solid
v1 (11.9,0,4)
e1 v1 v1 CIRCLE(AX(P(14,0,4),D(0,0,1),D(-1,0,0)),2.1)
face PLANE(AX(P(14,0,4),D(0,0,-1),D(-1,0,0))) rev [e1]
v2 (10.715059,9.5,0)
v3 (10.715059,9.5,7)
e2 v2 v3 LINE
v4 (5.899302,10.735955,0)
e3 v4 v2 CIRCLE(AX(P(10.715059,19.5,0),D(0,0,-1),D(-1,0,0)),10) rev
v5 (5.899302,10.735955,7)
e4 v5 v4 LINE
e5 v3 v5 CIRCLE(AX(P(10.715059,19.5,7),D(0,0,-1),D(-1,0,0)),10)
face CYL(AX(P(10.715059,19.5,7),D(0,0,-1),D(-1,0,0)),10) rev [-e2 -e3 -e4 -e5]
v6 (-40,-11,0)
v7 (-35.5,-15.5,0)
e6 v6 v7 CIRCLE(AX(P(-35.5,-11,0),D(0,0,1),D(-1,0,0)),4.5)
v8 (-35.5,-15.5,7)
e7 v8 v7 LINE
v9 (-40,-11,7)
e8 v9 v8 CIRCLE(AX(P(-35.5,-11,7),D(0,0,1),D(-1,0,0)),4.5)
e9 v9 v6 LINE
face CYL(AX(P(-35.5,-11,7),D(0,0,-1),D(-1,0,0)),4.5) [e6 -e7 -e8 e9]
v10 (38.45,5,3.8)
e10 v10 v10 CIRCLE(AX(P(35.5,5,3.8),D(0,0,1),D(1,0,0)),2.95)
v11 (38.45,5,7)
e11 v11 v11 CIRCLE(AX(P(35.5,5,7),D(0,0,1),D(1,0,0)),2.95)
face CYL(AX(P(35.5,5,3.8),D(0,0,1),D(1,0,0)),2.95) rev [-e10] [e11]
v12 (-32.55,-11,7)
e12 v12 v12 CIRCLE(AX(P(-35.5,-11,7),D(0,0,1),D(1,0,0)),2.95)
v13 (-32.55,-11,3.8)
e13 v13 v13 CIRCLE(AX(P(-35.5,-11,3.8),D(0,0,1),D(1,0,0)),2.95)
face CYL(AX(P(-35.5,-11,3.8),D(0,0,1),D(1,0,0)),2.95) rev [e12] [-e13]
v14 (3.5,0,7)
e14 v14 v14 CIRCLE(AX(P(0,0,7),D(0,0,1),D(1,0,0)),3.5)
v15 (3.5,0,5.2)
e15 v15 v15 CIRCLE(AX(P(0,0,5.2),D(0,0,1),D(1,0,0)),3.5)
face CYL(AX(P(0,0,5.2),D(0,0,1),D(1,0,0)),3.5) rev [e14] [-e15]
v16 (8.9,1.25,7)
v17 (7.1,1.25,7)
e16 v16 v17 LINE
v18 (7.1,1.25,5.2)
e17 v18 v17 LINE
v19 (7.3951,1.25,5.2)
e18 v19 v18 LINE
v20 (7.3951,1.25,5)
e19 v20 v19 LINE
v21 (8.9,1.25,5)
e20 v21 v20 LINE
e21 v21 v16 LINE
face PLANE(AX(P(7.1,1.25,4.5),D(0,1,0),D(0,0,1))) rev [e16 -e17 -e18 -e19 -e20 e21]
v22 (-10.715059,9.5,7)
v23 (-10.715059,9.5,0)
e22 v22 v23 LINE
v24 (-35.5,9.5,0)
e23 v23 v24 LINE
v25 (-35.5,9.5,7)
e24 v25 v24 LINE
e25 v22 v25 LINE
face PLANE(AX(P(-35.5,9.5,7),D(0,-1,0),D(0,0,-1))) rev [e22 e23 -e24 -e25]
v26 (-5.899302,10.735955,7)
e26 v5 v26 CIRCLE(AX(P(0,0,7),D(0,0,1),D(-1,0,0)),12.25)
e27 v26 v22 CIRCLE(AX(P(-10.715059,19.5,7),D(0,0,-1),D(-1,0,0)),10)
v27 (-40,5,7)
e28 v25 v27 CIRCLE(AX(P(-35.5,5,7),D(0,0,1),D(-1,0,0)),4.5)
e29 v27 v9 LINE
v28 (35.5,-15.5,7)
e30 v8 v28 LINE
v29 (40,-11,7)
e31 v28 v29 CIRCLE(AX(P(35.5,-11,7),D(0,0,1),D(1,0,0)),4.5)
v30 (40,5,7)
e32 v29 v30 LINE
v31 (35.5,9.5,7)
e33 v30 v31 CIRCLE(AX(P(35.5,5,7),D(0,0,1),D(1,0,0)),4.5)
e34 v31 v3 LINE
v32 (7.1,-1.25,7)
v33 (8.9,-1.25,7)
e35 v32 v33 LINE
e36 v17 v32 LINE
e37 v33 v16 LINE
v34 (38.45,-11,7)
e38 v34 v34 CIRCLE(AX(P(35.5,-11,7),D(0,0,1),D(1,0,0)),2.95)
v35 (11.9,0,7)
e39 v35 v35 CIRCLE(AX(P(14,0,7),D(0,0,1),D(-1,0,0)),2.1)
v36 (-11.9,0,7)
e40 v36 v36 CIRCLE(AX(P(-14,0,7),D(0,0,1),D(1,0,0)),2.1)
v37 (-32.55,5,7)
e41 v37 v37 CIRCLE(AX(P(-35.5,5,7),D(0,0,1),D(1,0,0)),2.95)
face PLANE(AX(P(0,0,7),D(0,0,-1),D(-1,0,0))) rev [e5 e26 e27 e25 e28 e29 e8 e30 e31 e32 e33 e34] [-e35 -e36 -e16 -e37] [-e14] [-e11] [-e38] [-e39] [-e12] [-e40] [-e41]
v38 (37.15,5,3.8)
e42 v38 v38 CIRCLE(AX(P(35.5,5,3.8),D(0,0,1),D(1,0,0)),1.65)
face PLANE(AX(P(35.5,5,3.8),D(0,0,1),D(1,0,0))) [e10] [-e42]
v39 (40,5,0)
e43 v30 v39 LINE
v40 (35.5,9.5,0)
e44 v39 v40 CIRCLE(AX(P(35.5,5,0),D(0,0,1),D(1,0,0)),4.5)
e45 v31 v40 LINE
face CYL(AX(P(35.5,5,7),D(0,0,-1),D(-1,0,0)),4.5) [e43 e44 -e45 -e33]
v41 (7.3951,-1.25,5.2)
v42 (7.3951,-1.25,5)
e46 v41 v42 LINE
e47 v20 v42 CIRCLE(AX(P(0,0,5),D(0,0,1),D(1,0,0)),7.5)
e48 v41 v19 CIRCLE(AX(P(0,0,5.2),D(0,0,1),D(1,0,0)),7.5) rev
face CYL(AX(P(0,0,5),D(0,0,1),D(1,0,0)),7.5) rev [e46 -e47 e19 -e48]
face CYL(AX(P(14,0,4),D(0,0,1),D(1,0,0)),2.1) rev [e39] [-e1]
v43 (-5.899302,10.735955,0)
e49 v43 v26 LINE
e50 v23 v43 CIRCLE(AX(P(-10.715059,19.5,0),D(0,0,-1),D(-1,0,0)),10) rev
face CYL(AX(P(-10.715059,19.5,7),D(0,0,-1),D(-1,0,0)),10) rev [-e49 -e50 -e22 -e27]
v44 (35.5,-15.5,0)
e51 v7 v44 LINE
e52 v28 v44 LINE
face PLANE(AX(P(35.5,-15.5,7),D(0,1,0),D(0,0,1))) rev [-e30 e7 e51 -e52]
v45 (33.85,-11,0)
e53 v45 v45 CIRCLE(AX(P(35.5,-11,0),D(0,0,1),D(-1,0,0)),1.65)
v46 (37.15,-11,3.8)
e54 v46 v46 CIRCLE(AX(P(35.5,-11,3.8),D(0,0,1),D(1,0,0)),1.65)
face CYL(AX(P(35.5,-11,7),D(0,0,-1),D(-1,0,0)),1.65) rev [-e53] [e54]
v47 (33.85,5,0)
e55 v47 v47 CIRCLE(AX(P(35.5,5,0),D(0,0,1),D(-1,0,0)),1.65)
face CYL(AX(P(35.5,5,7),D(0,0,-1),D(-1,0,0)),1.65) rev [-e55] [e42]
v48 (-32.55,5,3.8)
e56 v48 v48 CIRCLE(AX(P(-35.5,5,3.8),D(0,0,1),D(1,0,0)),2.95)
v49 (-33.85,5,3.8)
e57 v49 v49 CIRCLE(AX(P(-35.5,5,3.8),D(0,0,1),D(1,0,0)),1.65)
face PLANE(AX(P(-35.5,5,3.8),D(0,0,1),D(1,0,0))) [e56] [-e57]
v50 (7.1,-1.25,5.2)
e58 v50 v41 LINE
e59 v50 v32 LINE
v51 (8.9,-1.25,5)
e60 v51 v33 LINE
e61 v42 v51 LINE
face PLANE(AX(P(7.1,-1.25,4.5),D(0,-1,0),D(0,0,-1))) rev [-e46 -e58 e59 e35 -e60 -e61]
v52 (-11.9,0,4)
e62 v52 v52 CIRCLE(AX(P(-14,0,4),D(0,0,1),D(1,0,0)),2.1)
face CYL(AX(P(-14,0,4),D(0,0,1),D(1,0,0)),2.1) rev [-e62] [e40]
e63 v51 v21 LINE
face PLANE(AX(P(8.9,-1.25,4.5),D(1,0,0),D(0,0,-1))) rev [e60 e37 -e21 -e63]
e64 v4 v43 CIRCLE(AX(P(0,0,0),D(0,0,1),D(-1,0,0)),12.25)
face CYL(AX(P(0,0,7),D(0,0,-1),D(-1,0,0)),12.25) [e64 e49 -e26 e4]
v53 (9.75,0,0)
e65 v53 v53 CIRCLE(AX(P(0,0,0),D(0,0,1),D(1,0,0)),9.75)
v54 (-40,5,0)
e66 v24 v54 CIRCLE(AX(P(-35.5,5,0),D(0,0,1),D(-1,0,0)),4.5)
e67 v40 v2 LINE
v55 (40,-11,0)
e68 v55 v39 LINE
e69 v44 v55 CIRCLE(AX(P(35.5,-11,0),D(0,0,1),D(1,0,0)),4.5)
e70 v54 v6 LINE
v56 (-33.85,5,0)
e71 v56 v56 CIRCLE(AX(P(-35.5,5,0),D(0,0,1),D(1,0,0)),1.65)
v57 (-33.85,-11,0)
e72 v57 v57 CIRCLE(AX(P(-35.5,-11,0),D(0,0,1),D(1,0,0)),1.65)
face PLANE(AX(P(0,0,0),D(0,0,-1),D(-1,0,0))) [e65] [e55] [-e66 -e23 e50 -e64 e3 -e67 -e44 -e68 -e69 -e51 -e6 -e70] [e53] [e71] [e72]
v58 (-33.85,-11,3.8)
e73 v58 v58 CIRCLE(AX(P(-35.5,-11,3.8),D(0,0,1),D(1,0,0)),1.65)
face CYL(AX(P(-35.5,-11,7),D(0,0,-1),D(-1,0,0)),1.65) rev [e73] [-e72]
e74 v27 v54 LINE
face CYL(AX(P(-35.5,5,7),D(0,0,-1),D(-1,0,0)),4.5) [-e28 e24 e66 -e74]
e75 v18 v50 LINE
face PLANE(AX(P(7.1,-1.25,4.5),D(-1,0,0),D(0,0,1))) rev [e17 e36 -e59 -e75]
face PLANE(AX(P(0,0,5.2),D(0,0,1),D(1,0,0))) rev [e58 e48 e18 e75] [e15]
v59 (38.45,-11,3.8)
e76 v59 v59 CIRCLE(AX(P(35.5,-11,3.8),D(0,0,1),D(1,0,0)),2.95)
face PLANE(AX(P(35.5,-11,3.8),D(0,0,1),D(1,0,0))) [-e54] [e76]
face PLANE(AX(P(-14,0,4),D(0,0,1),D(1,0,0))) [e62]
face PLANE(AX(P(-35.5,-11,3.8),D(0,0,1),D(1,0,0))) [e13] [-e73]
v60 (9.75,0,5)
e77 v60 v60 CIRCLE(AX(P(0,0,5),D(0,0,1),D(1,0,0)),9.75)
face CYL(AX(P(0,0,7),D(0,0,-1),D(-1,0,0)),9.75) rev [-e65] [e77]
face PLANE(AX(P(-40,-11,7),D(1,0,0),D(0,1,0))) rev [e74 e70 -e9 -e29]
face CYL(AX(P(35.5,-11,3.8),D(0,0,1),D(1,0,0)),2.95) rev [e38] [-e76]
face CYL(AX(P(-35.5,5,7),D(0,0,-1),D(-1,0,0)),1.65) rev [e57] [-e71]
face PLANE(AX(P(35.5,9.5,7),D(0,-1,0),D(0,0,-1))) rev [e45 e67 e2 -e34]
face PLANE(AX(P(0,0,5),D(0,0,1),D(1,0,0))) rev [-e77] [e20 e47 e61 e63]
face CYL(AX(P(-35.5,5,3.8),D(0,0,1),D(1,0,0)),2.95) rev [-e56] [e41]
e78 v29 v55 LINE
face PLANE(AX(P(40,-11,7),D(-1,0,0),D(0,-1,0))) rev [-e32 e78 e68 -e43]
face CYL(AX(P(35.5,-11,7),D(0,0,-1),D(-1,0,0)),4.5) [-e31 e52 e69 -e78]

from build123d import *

# Parameters (mm, degrees)
SKETCH1_R           = 9.75
SKETCH1_R_2         = 1.65
BOSS_EXTRUDE1_DEPTH = 7
FILLET1_R           = 10
SKETCH2_R           = 9.75
SKETCH2_R_2         = 7.5
BOSS_EXTRUDE2_DEPTH = 2
SKETCH3_R           = 7.5
SKETCH3_R_2         = 3.5
BOSS_EXTRUDE3_DEPTH = 1.8
SKETCH4_W           = 1.8
SKETCH4_H           = 2.5
CUT_EXTRUDE1_DEPTH  = 2.5
SKETCH5_R           = 2.1
CUT_EXTRUDE2_DEPTH  = 3
SKETCH6_R           = 2.95
CUT_EXTRUDE3_DEPTH  = 3.2


with BuildPart() as part:
    # Sketch1 → Boss-Extrude1 (new body)
    with BuildSketch(Plane.XY):
        with BuildLine():
            Line((-35.5, 9.5), (-7.733854149, 9.5))
            ThreePointArc((-7.733854149, 9.5), (0, 12.25), (7.733854149, 9.5))
            Line((7.733854149, 9.5), (35.5, 9.5))
            ThreePointArc((35.5, 9.5), (38.681980515, 8.181980515), (40, 5))
            Line((40, 5), (40, -11))
            ThreePointArc((40, -11), (38.681980515, -14.181980515), (35.5, -15.5))
            Line((35.5, -15.5), (-35.5, -15.5))
            ThreePointArc((-35.5, -15.5), (-38.681980515, -14.181980515), (-40, -11))
            Line((-40, -11), (-40, 5))
            ThreePointArc((-40, 5), (-38.681980515, 8.181980515), (-35.5, 9.5))
        make_face()
        Circle(SKETCH1_R, mode=Mode.SUBTRACT)
        with Locations((-35.5, 5)):
            Circle(SKETCH1_R_2, mode=Mode.SUBTRACT)
        with Locations((35.5, 5)):
            Circle(SKETCH1_R_2, mode=Mode.SUBTRACT)
        with Locations((-35.5, -11)):
            Circle(SKETCH1_R_2, mode=Mode.SUBTRACT)
        with Locations((35.5, -11)):
            Circle(SKETCH1_R_2, mode=Mode.SUBTRACT)
    extrude(amount=BOSS_EXTRUDE1_DEPTH)

    # Fillet1
    fillet1_edges = [part.edges().sort_by_distance(p)[0] for p in [
        (7.733854149, 9.5, 3.5),
        (-7.733854149, 9.5, 3.5),
    ]]
    fillet(fillet1_edges, radius=FILLET1_R)

    # Sketch2 → Boss-Extrude2 (add)
    with BuildSketch(Plane.XY.offset(7)):
        Circle(SKETCH2_R)
        Circle(SKETCH2_R_2, mode=Mode.SUBTRACT)
    extrude(amount=-BOSS_EXTRUDE2_DEPTH)

    # Sketch3 → Boss-Extrude3 (add)
    with BuildSketch(Plane.XY.offset(7)):
        Circle(SKETCH3_R)
        Circle(SKETCH3_R_2, mode=Mode.SUBTRACT)
    extrude(amount=-BOSS_EXTRUDE3_DEPTH)

    # Sketch4 → Cut-Extrude1 (cut)
    with BuildSketch(Plane.XY.offset(7)):
        with Locations((8, 0)):
            Rectangle(SKETCH4_W, SKETCH4_H)
    extrude(amount=-CUT_EXTRUDE1_DEPTH, mode=Mode.SUBTRACT)

    # Sketch5 → Cut-Extrude2 (cut)
    with BuildSketch(Plane.XY.offset(7)):
        with Locations((-14, 0)):
            Circle(SKETCH5_R)
        with Locations((14, 0)):
            Circle(SKETCH5_R)
    extrude(amount=-CUT_EXTRUDE2_DEPTH, mode=Mode.SUBTRACT)

    # Sketch6 → Cut-Extrude3 (cut)
    with BuildSketch(Plane.XY.offset(7)):
        with Locations((-35.5, 5)):
            Circle(SKETCH6_R)
        with Locations((-35.5, -11)):
            Circle(SKETCH6_R)
        with Locations((35.5, -11)):
            Circle(SKETCH6_R)
        with Locations((35.5, 5)):
            Circle(SKETCH6_R)
    extrude(amount=-CUT_EXTRUDE3_DEPTH, mode=Mode.SUBTRACT)


solid = part.part
